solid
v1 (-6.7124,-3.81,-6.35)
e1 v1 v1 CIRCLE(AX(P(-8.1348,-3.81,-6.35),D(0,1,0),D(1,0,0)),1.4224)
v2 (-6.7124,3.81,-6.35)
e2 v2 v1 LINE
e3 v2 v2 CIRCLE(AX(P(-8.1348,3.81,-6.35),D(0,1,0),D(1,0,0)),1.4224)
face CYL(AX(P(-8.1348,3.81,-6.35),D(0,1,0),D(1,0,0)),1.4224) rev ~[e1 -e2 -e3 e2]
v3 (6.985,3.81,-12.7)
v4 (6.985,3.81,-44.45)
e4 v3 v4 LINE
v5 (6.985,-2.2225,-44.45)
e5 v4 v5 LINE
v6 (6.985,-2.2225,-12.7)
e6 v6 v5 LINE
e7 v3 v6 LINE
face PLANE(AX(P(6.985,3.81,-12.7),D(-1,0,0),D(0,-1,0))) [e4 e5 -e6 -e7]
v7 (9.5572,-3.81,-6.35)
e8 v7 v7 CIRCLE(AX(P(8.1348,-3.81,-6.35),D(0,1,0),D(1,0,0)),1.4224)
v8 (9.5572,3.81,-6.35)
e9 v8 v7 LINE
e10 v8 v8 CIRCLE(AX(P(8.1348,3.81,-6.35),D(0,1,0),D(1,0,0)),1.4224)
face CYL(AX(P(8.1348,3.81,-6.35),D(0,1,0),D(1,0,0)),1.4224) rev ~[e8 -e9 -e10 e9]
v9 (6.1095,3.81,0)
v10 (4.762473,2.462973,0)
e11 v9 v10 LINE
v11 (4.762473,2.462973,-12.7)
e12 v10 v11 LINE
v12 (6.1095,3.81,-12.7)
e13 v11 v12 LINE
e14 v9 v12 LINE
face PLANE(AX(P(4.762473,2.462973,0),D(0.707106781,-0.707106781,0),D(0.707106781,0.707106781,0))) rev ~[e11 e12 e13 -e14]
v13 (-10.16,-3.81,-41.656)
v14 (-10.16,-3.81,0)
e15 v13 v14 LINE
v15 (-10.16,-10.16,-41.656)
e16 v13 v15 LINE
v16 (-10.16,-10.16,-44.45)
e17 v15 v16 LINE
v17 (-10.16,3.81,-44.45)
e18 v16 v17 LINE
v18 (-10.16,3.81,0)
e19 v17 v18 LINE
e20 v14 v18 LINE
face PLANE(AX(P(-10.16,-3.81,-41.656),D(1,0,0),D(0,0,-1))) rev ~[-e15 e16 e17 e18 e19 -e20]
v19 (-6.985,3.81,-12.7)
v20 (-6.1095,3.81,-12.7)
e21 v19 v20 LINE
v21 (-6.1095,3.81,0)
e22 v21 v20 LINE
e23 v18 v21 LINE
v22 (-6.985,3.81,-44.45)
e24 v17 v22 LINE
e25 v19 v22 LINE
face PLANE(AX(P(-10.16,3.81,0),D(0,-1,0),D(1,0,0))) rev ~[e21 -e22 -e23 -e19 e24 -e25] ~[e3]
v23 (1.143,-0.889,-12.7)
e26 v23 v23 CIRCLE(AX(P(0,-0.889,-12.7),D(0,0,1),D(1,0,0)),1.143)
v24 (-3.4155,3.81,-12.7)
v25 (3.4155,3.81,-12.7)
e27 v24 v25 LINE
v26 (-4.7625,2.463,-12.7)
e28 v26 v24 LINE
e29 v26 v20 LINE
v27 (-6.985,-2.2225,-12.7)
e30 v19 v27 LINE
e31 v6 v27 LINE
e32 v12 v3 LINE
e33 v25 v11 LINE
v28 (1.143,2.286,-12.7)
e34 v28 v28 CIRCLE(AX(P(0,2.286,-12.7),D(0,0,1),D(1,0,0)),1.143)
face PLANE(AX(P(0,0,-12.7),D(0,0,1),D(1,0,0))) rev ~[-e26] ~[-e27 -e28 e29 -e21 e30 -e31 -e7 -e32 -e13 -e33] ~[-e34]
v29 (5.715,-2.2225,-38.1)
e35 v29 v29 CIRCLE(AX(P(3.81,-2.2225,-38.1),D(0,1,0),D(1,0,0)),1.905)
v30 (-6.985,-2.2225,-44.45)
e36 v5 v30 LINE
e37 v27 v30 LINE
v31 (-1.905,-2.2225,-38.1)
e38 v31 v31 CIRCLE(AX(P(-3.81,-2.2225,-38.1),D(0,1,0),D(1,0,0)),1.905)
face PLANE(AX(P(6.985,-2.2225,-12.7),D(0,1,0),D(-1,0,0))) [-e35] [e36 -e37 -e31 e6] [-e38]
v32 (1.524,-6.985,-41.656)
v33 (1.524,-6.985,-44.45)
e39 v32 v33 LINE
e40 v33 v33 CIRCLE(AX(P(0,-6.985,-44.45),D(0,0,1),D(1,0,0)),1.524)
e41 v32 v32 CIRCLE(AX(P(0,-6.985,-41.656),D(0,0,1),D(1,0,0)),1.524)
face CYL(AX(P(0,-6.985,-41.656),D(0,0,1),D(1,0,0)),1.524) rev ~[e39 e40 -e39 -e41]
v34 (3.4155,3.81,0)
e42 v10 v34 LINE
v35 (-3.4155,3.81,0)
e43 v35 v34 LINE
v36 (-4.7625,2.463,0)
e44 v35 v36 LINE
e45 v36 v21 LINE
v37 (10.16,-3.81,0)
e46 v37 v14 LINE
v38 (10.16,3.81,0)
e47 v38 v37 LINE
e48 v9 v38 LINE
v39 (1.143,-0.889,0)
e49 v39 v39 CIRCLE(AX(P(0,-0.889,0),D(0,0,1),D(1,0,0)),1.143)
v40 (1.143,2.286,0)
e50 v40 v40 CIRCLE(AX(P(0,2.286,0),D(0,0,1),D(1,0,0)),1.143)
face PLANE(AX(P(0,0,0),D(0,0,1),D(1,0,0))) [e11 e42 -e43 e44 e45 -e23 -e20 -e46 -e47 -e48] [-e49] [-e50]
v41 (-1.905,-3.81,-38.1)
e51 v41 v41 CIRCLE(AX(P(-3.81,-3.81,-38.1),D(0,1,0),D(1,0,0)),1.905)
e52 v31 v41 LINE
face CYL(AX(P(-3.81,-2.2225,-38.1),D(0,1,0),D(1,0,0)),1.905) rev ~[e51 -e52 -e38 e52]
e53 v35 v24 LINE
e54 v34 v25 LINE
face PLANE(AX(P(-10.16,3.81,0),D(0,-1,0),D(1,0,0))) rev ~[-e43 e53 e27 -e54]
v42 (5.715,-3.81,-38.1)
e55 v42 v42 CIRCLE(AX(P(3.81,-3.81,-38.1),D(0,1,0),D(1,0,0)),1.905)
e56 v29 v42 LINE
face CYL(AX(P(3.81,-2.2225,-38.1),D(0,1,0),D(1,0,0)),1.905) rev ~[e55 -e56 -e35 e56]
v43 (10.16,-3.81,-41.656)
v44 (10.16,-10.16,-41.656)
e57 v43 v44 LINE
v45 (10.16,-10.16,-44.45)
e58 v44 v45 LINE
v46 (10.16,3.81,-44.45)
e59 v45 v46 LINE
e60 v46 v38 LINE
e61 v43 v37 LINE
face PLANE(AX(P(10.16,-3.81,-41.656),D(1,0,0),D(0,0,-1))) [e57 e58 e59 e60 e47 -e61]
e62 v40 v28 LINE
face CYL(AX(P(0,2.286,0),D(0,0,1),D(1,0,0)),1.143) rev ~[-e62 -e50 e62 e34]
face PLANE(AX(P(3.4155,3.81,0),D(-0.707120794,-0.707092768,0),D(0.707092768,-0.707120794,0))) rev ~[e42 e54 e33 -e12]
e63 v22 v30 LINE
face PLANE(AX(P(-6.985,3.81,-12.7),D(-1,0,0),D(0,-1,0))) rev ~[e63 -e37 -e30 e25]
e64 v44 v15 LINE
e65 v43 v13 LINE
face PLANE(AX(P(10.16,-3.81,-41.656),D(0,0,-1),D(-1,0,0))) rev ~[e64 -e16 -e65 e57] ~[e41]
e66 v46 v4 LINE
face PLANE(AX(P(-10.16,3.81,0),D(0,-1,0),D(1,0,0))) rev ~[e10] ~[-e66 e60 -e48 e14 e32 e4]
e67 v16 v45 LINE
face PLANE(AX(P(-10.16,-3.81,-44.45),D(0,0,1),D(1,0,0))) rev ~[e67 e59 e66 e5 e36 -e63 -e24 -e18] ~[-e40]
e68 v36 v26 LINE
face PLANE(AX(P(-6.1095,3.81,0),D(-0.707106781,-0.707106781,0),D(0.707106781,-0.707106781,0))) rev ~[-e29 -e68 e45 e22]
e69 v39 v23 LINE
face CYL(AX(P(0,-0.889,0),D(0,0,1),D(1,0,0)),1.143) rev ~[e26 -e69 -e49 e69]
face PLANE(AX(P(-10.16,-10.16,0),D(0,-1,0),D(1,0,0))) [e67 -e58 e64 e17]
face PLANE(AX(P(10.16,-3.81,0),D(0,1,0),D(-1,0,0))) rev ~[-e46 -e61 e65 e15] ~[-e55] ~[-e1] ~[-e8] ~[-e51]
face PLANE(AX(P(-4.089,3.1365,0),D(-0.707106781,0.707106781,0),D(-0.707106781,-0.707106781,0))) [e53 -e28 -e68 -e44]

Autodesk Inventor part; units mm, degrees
ref_plane "YZ Plane" through (0, 0, 0) normal (1, 0, 0) x (0, 1, 0)
ref_plane "XZ Plane" through (0, 0, 0) normal (0, 1, 0) x (-1, 0, 0)
ref_plane "XY Plane" through (0, 0, 0) normal (0, 0, 1) x (1, 0, 0)
sketch "Sketch1" plane through (0, 0, 0) normal (0, 0, 1) x (1, 0, 0)
  line L0 (-10.16, 3.81) -> (10.16, 3.81)
  line L1 (10.16, 3.81) -> (10.16, -3.81)
  line L2 (10.16, -3.81) -> (-10.16, -3.81)
  line L3 (-10.16, -3.81) -> (-10.16, 3.81)
  point P0 (0, 0)
  dimension "d0" = 20.32
  dimension "d1" = 7.62
  dimension "d2" = 3.81
  dimension "d3" = 10.16
extrude "Extrusion1" add sketch "Sketch1" against normal blind 12.7
sketch "Sketch2" plane through (0, 0, 0) normal (0, 0, 1) x (1, 0, 0)
  line L0 (-10.16, 3.81) -> (10.16, 3.81) projected
  circle A0 centre (0, 2.286) radius 1.143
  circle A1 centre (0, -0.889) radius 1.143
  circle A2 centre (-4.7625, 3.81) radius 0.9525
  circle A3 centre (4.7625, 3.81) radius 0.9525
  line L1 (-6.1095, 3.81) -> (-3.5541, 1.2546)
  line L2 (-3.4155, 3.81) -> (-5.4913, 1.7342)
  line L3 (3.4155, 3.81) -> (5.9385, 1.2869)
  line L4 (4.5051, 2.2056) -> (6.1095, 3.81)
  point P0 (0, 0)
  point P1 (-4.7625, 2.463)
  point P2 (4.7625, 2.463)
  dimension "d6" = 2.286
  dimension "d7" = 2.286
  dimension "d8" = 1.524
  dimension "d9" = 3.175
  dimension "d10" = 1.905
  dimension "d11" = 1.905
  dimension "d12" = 0
  dimension "d13" = 0
  dimension "d14" = 9.525
  dimension "d15" = 4.7625
  dimension "d16" = 45
  dimension "d17" = 45
  dimension "d18" = 45
  dimension "d19" = 45
extrude "Extrusion3" cut sketch "Sketch2" against normal blind 12.7 contours L0 A3 L3 | A2 L0 | L0 L2 A2 | A2 L1 L0 | L2 L1 A2 | L0 A3 | A3 L4 L3 | L0 L4 A3 | A0 | A1 picked at (-4.7051, 3.27) picked at (4.6576, 3.5103)
sketch "Sketch3" plane through (-10.16, 3.81, 0) normal (0, 1, 0) x (1, 0, 0)
  line L0 (4.0505, 12.7) -> (0, 12.7) projected
  line L1 (0, 0) -> (0, 12.7) projected
  line L2 (0, 0) -> (4.0505, 0) projected
  circle A0 centre (2.0252, 6.35) radius 1.4224
  point P0 (10.16, 0)
  dimension "d24" = 2.8448
  dimension "d25" = 6.35
  dimension "d26" = 12.7
  dimension "d31" = 4.0505
  dimension "d32" = 2.0252
sketch "Sketch4" plane through (10.16, 3.81, 0) normal (0, 1, 0) x (1, 0, 0)
  line L0 (-4.0505, 0) -> (0, 0) projected
  line L1 (0, 0) -> (0, 12.7) projected
  circle A0 centre (-2.0252, 6.35) radius 1.4224
  point P0 (-4.0505, 12.7)
  point P1 (-10.16, 0)
  dimension "d27" = 2.8448
  dimension "d28" = 6.35
  dimension "d29" = 4.0505
  dimension "d30" = 2.0252
extrude "Extrusion4" cut sketch "Sketch3" against normal blind 12.7
extrude "Extrusion5" cut sketch "Sketch4" against normal blind 12.7
sketch "Sketch5" plane through (0, 0, -12.7) normal (0, 0, -1) x (-1, 0, 0)
  line L0 (-10.16, -3.81) -> (-10.16, 3.81) projected
  line L1 (10.16, -3.81) -> (-10.16, -3.81) projected
  line L2 (10.16, 3.81) -> (10.16, -3.81) projected
  line L3 (-10.16, 3.81) -> (-6.985, 3.81)
  line L4 (-6.985, 3.81) -> (-6.985, -3.81)
  line L5 (-6.985, -3.81) -> (-10.16, -3.81)
  line L6 (-10.16, -3.81) -> (-10.16, 3.81)
  line L7 (10.16, 3.81) -> (6.985, 3.81)
  line L8 (6.985, 3.81) -> (6.985, -3.81)
  line L9 (6.985, -3.81) -> (10.16, -3.81)
  line L10 (10.16, -3.81) -> (10.16, 3.81)
  line L11 (-10.16, -2.2225) -> (6.985, -2.2225)
  line L12 (6.985, -2.2225) -> (6.985, -3.81)
  line L13 (6.985, -3.81) -> (-10.16, -3.81)
  line L14 (-10.16, -3.81) -> (-10.16, -2.2225)
  point P0 (0, 0)
  dimension "d37" = 3.175
  dimension "d38" = 3.175
  dimension "d39" = 1.5875
extrude "Extrusion6" add sketch "Sketch5" along normal blind 31.75
thread "Thread1" size "4-40 UNC" class "2B" standard "ANSI Unified Screw Threads" full length
thread "Thread2" size "4-40 UNC" class "2B" standard "ANSI Unified Screw Threads" full length
sketch "Sketch8" plane through (-10.16, -3.81, 0) normal (0, -1, 0) x (1, 0, 0)
  line L0 (20.32, 0) -> (20.32, -44.45) projected
  line L1 (0, -44.45) -> (20.32, -44.45)
  line L2 (20.32, -44.45) -> (20.32, -41.656)
  line L3 (20.32, -41.656) -> (0, -41.656)
  line L4 (0, -41.656) -> (0, -44.45)
  point P0 (10.16, 0)
  dimension "d58" = 2.794
extrude "Extrusion9" add sketch "Sketch8" along normal blind 6.35
sketch "Sketch9" plane through (-10.16, -3.81, -41.656) normal (0, 0, 1) x (1, 0, 0)
  line L0 (0, 0) -> (20.32, 0) projected
  line L1 (0, 0) -> (0, -6.35) projected
  circle A0 centre (10.16, -3.175) radius 1.524
  point P0 (20.32, -6.35)
  point P1 (10.16, 3.81)
  dimension "d61" = 3.048
  dimension "d62" = 20.32
  dimension "d63" = 6.35
  dimension "d64" = 3.175
  dimension "d65" = 10.16
extrude "Extrusion10" cut sketch "Sketch9" against normal blind 7.62
sketch "Sketch10" plane through (-6.985, -2.2225, -12.7) normal (0, 1, 0) x (1, 0, 0)
  line L0 (13.97, 0) -> (13.97, 31.75) projected
  line L1 (0, 0) -> (0, 31.75) projected
  line L2 (13.97, 0) -> (0, 0) projected
  circle A0 centre (3.175, 25.4) radius 1.905
  circle A1 centre (10.795, 25.4) radius 1.905
  point P0 (6.985, -12.7)
  dimension "d68" = 3.81
  dimension "d69" = 3.81
  dimension "d70" = 3.175
  dimension "d71" = 3.175
  dimension "d72" = 25.4
  dimension "d73" = 25.4
extrude "Extrusion11" cut sketch "Sketch10" against normal blind 7.62
equation "\"d2\" = 0.5 * d1"
equation "\"d3\" = 0.5 * d0"
equation "\"d7\" = d6"
equation "\"d15\" = 0.5 * d14"
equation "\"d25\" = 0.5 * d26"
equation "\"d32\" = 0.5 * d31"
equation "\"d28\" = d25"
equation "\"d30\" = 0.5 * d29"
equation "\"d38\" = d37"
equation "\"d64\" = 0.5 * d63"
equation "\"d65\" = 0.5 * d62"
equation "\"d73\" = d72"
properties part number "lickport_Holder_small"
